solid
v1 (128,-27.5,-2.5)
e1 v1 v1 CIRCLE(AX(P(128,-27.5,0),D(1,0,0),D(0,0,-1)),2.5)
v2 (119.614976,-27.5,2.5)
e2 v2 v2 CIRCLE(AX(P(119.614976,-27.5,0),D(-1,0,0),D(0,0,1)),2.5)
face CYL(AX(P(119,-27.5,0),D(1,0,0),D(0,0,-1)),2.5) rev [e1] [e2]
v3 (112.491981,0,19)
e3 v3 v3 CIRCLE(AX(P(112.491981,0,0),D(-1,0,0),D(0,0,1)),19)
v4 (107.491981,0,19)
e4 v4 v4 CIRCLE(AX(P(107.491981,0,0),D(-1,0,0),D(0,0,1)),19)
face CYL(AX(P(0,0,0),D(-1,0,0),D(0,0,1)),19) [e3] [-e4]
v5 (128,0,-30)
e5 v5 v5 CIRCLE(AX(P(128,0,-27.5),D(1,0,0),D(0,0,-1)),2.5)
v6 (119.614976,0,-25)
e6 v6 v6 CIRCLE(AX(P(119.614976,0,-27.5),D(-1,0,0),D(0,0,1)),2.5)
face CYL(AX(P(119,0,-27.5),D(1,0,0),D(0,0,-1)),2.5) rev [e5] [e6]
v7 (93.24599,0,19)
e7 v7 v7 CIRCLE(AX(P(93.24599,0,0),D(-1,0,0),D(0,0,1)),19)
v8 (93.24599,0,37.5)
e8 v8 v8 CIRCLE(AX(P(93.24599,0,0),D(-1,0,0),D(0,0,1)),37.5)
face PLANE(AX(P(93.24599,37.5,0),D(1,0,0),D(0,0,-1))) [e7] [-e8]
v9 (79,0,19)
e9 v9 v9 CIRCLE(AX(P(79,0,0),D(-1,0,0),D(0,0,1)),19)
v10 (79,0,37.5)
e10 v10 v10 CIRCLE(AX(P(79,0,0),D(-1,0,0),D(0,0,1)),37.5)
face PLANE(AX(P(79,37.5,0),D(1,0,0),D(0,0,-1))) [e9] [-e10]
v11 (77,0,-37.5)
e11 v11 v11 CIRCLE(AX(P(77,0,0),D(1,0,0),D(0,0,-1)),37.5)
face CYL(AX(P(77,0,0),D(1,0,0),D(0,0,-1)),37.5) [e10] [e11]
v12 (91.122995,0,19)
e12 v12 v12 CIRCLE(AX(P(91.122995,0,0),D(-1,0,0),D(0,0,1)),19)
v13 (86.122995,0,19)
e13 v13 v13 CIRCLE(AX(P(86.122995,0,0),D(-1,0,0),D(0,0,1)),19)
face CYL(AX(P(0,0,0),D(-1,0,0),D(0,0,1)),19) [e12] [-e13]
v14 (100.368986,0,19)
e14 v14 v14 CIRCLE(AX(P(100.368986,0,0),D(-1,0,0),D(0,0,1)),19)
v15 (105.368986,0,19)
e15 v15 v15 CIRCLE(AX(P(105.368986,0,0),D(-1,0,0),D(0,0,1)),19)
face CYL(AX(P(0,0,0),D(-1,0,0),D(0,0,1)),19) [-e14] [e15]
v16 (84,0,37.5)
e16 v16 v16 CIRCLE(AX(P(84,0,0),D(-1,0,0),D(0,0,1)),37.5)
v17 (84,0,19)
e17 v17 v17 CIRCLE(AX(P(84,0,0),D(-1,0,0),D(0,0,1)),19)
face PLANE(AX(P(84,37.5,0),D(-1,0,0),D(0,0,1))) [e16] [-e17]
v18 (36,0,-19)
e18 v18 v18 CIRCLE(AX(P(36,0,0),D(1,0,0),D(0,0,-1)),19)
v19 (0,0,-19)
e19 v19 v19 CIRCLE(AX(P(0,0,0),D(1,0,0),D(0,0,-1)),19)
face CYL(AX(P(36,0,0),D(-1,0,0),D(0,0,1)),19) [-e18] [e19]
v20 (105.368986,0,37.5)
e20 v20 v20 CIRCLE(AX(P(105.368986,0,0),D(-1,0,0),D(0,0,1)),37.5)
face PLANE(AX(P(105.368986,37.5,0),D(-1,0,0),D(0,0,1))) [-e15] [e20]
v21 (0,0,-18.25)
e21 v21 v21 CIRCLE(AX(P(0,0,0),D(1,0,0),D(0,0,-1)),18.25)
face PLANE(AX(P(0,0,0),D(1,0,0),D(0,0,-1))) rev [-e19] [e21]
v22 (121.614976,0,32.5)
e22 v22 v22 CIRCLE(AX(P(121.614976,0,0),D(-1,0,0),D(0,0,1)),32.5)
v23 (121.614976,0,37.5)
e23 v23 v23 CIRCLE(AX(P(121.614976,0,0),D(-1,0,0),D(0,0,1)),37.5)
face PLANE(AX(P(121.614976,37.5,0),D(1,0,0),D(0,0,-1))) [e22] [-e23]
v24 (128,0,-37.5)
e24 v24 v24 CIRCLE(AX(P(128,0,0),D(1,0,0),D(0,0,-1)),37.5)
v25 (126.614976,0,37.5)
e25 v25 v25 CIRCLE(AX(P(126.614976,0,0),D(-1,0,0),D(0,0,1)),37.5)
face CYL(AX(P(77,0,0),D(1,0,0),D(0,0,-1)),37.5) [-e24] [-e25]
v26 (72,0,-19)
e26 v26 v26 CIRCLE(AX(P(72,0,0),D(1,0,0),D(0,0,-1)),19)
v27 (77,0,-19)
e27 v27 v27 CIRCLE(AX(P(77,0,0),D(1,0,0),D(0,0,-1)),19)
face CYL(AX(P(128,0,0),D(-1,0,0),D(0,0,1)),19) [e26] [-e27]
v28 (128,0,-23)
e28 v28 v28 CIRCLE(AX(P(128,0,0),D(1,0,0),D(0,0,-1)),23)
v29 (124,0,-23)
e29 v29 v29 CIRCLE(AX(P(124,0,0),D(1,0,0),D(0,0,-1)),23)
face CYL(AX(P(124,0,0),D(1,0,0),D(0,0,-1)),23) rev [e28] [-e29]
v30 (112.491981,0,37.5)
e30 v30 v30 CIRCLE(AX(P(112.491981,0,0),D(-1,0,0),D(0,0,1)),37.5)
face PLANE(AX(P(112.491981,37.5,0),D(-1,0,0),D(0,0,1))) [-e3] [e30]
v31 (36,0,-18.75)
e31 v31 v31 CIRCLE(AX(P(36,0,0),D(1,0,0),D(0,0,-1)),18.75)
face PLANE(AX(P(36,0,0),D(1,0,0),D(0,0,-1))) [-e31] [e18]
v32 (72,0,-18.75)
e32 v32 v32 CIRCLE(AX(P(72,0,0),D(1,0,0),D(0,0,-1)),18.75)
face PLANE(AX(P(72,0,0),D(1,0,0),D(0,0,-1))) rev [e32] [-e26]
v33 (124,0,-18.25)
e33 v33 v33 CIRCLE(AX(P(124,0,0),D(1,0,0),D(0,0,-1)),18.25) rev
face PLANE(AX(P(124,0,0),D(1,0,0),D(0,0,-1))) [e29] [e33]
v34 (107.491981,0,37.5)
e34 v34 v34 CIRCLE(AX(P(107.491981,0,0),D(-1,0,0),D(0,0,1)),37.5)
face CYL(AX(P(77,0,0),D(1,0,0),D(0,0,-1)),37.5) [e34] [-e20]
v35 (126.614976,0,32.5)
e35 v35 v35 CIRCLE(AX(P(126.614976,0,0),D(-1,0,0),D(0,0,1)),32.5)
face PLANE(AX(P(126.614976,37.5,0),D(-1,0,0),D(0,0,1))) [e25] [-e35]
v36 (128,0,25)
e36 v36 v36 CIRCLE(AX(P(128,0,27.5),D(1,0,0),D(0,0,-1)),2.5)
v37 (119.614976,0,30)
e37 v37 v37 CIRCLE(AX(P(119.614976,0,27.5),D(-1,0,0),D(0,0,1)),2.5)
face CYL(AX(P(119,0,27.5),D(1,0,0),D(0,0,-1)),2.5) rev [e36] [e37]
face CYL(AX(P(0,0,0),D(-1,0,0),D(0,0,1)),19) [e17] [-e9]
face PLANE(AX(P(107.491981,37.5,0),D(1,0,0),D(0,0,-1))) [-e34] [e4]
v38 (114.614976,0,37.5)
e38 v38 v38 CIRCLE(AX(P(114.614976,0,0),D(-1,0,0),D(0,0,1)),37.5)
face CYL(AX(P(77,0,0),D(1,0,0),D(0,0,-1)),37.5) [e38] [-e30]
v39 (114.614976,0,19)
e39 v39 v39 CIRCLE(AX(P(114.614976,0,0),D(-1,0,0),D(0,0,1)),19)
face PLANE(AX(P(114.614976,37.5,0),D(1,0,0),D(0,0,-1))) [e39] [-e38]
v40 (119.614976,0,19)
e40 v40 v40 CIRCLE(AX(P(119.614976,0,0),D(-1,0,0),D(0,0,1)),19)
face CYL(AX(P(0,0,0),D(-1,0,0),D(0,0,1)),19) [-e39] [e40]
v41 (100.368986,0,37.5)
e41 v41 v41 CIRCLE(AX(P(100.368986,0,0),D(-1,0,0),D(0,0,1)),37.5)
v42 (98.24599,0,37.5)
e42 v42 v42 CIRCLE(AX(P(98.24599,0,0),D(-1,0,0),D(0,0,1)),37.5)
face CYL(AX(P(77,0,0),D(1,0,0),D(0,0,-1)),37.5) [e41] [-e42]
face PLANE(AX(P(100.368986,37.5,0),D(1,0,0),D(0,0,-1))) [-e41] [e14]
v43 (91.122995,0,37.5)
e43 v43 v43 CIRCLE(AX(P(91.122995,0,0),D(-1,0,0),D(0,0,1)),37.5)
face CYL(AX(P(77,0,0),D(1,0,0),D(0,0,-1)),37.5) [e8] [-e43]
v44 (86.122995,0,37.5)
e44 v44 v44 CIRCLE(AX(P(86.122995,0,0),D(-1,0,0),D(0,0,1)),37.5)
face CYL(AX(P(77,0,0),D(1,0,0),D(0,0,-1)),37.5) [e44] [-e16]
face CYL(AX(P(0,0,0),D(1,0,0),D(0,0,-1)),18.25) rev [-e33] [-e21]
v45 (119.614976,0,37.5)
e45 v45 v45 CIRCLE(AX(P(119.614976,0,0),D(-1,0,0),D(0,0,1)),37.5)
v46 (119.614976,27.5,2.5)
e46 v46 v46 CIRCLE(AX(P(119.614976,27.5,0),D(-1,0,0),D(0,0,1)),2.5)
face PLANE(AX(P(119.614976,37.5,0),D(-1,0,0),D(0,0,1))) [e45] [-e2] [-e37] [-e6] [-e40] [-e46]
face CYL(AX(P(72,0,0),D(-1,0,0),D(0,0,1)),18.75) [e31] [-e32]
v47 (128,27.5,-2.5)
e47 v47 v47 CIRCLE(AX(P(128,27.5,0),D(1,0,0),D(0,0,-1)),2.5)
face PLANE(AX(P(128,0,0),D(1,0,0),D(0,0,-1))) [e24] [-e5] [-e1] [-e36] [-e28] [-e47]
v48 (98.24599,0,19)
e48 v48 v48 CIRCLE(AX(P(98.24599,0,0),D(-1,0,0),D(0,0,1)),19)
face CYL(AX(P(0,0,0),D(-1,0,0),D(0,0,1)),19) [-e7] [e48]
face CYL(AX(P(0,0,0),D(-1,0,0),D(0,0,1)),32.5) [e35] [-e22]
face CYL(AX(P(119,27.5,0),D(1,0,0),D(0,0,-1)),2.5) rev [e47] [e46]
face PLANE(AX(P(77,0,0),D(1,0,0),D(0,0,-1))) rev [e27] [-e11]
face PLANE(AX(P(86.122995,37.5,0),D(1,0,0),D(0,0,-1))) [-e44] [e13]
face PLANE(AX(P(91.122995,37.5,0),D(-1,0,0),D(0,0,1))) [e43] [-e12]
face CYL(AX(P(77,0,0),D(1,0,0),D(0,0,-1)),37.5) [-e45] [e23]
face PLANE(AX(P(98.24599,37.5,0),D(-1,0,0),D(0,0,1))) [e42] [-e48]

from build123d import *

# Parameters (mm, degrees)
SKETCH1_R           = 19
BOSS_EXTRUDE1_DEPTH = 36
SKETCH2_R           = 18.75
BOSS_EXTRUDE2_DEPTH = 36
SKETCH3_R           = 19
BOSS_EXTRUDE3_DEPTH = 56
SKETCH4_R           = 37.5
BOSS_EXTRUDE4_DEPTH = 51
SKETCH5_R           = 18.25
CUT_EXTRUDE1_DEPTH  = 139.551434493
SKETCH6_W           = 5
SKETCH6_H           = 18.5
SKETCH6_H_2         = 5
SKETCH7_R           = 2.5
CUT_EXTRUDE2_DEPTH  = 9
SKETCH8_R           = 23
CUT_EXTRUDE3_DEPTH  = 4


with BuildPart() as part:
    # Sketch1 → Boss-Extrude1 (new body)
    with BuildSketch(Plane(origin=(0, 0, 0), x_dir=(0, 0, -1), z_dir=(1, 0, 0))):
        Circle(SKETCH1_R)
    extrude(amount=BOSS_EXTRUDE1_DEPTH)

    # Sketch2 → Boss-Extrude2 (add)
    with BuildSketch(Plane(origin=(36, 0, 0), x_dir=(0, 0, -1), z_dir=(1, 0, 0))):
        Circle(SKETCH2_R)
    extrude(amount=BOSS_EXTRUDE2_DEPTH)

    # Sketch3 → Boss-Extrude3 (add)
    with BuildSketch(Plane(origin=(72, 0, 0), x_dir=(0, 0, -1), z_dir=(1, 0, 0))):
        Circle(SKETCH3_R)
    extrude(amount=BOSS_EXTRUDE3_DEPTH)

    # Sketch4 → Boss-Extrude4 (add)
    with BuildSketch(Plane(origin=(128, 0, 0), x_dir=(0, 0, -1), z_dir=(1, 0, 0))):
        Circle(SKETCH4_R)
    extrude(amount=-BOSS_EXTRUDE4_DEPTH)

    # Sketch5 → Cut-Extrude1 (cut, through all)
    with BuildSketch(Plane(origin=(128, 0, 0), x_dir=(0, 0, -1), z_dir=(1, 0, 0))):
        Circle(SKETCH5_R)
    extrude(amount=-CUT_EXTRUDE1_DEPTH, mode=Mode.SUBTRACT)

    # Sketch6 → Cut-Revolve1 (revolve, cut)
    with BuildSketch(Plane.XY, mode=Mode.PRIVATE) as cut_revolve1_sk:
        with Locations((81.5, 28.25)):
            Rectangle(SKETCH6_W, SKETCH6_H)
        with Locations((88.622995217, 28.25)):
            Rectangle(SKETCH6_W, SKETCH6_H)
        with Locations((95.745990433, 28.25)):
            Rectangle(SKETCH6_W, SKETCH6_H)
        with Locations((102.86898565, 28.25)):
            Rectangle(SKETCH6_W, SKETCH6_H)
        with Locations((109.991980867, 28.25)):
            Rectangle(SKETCH6_W, SKETCH6_H)
        with Locations((117.114976083, 28.25)):
            Rectangle(SKETCH6_W, SKETCH6_H)
        with Locations((124.114976083, 35)):
            Rectangle(SKETCH6_W, SKETCH6_H_2)
    revolve(cut_revolve1_sk.sketch.rotate(Axis((0, 0, 0), (1, 0, 0)), 90), axis=Axis((0, 0, 0), (1, 0, 0)), mode=Mode.SUBTRACT)

    # Sketch7 → Cut-Extrude2 (cut)
    with BuildSketch(Plane(origin=(128, 0, 0), x_dir=(0, 0, -1), z_dir=(1, 0, 0))):
        with Locations((0, 27.5)):
            Circle(SKETCH7_R)
        with Locations((27.5, 0)):
            Circle(SKETCH7_R)
        with Locations((0, -27.5)):
            Circle(SKETCH7_R)
        with Locations((-27.5, 0)):
            Circle(SKETCH7_R)
    extrude(amount=-CUT_EXTRUDE2_DEPTH, mode=Mode.SUBTRACT)

    # Sketch8 → Cut-Extrude3 (cut)
    with BuildSketch(Plane(origin=(128, 0, 0), x_dir=(0, 0, -1), z_dir=(1, 0, 0))):
        Circle(SKETCH8_R)
    extrude(amount=-CUT_EXTRUDE3_DEPTH, mode=Mode.SUBTRACT)


solid = part.part
